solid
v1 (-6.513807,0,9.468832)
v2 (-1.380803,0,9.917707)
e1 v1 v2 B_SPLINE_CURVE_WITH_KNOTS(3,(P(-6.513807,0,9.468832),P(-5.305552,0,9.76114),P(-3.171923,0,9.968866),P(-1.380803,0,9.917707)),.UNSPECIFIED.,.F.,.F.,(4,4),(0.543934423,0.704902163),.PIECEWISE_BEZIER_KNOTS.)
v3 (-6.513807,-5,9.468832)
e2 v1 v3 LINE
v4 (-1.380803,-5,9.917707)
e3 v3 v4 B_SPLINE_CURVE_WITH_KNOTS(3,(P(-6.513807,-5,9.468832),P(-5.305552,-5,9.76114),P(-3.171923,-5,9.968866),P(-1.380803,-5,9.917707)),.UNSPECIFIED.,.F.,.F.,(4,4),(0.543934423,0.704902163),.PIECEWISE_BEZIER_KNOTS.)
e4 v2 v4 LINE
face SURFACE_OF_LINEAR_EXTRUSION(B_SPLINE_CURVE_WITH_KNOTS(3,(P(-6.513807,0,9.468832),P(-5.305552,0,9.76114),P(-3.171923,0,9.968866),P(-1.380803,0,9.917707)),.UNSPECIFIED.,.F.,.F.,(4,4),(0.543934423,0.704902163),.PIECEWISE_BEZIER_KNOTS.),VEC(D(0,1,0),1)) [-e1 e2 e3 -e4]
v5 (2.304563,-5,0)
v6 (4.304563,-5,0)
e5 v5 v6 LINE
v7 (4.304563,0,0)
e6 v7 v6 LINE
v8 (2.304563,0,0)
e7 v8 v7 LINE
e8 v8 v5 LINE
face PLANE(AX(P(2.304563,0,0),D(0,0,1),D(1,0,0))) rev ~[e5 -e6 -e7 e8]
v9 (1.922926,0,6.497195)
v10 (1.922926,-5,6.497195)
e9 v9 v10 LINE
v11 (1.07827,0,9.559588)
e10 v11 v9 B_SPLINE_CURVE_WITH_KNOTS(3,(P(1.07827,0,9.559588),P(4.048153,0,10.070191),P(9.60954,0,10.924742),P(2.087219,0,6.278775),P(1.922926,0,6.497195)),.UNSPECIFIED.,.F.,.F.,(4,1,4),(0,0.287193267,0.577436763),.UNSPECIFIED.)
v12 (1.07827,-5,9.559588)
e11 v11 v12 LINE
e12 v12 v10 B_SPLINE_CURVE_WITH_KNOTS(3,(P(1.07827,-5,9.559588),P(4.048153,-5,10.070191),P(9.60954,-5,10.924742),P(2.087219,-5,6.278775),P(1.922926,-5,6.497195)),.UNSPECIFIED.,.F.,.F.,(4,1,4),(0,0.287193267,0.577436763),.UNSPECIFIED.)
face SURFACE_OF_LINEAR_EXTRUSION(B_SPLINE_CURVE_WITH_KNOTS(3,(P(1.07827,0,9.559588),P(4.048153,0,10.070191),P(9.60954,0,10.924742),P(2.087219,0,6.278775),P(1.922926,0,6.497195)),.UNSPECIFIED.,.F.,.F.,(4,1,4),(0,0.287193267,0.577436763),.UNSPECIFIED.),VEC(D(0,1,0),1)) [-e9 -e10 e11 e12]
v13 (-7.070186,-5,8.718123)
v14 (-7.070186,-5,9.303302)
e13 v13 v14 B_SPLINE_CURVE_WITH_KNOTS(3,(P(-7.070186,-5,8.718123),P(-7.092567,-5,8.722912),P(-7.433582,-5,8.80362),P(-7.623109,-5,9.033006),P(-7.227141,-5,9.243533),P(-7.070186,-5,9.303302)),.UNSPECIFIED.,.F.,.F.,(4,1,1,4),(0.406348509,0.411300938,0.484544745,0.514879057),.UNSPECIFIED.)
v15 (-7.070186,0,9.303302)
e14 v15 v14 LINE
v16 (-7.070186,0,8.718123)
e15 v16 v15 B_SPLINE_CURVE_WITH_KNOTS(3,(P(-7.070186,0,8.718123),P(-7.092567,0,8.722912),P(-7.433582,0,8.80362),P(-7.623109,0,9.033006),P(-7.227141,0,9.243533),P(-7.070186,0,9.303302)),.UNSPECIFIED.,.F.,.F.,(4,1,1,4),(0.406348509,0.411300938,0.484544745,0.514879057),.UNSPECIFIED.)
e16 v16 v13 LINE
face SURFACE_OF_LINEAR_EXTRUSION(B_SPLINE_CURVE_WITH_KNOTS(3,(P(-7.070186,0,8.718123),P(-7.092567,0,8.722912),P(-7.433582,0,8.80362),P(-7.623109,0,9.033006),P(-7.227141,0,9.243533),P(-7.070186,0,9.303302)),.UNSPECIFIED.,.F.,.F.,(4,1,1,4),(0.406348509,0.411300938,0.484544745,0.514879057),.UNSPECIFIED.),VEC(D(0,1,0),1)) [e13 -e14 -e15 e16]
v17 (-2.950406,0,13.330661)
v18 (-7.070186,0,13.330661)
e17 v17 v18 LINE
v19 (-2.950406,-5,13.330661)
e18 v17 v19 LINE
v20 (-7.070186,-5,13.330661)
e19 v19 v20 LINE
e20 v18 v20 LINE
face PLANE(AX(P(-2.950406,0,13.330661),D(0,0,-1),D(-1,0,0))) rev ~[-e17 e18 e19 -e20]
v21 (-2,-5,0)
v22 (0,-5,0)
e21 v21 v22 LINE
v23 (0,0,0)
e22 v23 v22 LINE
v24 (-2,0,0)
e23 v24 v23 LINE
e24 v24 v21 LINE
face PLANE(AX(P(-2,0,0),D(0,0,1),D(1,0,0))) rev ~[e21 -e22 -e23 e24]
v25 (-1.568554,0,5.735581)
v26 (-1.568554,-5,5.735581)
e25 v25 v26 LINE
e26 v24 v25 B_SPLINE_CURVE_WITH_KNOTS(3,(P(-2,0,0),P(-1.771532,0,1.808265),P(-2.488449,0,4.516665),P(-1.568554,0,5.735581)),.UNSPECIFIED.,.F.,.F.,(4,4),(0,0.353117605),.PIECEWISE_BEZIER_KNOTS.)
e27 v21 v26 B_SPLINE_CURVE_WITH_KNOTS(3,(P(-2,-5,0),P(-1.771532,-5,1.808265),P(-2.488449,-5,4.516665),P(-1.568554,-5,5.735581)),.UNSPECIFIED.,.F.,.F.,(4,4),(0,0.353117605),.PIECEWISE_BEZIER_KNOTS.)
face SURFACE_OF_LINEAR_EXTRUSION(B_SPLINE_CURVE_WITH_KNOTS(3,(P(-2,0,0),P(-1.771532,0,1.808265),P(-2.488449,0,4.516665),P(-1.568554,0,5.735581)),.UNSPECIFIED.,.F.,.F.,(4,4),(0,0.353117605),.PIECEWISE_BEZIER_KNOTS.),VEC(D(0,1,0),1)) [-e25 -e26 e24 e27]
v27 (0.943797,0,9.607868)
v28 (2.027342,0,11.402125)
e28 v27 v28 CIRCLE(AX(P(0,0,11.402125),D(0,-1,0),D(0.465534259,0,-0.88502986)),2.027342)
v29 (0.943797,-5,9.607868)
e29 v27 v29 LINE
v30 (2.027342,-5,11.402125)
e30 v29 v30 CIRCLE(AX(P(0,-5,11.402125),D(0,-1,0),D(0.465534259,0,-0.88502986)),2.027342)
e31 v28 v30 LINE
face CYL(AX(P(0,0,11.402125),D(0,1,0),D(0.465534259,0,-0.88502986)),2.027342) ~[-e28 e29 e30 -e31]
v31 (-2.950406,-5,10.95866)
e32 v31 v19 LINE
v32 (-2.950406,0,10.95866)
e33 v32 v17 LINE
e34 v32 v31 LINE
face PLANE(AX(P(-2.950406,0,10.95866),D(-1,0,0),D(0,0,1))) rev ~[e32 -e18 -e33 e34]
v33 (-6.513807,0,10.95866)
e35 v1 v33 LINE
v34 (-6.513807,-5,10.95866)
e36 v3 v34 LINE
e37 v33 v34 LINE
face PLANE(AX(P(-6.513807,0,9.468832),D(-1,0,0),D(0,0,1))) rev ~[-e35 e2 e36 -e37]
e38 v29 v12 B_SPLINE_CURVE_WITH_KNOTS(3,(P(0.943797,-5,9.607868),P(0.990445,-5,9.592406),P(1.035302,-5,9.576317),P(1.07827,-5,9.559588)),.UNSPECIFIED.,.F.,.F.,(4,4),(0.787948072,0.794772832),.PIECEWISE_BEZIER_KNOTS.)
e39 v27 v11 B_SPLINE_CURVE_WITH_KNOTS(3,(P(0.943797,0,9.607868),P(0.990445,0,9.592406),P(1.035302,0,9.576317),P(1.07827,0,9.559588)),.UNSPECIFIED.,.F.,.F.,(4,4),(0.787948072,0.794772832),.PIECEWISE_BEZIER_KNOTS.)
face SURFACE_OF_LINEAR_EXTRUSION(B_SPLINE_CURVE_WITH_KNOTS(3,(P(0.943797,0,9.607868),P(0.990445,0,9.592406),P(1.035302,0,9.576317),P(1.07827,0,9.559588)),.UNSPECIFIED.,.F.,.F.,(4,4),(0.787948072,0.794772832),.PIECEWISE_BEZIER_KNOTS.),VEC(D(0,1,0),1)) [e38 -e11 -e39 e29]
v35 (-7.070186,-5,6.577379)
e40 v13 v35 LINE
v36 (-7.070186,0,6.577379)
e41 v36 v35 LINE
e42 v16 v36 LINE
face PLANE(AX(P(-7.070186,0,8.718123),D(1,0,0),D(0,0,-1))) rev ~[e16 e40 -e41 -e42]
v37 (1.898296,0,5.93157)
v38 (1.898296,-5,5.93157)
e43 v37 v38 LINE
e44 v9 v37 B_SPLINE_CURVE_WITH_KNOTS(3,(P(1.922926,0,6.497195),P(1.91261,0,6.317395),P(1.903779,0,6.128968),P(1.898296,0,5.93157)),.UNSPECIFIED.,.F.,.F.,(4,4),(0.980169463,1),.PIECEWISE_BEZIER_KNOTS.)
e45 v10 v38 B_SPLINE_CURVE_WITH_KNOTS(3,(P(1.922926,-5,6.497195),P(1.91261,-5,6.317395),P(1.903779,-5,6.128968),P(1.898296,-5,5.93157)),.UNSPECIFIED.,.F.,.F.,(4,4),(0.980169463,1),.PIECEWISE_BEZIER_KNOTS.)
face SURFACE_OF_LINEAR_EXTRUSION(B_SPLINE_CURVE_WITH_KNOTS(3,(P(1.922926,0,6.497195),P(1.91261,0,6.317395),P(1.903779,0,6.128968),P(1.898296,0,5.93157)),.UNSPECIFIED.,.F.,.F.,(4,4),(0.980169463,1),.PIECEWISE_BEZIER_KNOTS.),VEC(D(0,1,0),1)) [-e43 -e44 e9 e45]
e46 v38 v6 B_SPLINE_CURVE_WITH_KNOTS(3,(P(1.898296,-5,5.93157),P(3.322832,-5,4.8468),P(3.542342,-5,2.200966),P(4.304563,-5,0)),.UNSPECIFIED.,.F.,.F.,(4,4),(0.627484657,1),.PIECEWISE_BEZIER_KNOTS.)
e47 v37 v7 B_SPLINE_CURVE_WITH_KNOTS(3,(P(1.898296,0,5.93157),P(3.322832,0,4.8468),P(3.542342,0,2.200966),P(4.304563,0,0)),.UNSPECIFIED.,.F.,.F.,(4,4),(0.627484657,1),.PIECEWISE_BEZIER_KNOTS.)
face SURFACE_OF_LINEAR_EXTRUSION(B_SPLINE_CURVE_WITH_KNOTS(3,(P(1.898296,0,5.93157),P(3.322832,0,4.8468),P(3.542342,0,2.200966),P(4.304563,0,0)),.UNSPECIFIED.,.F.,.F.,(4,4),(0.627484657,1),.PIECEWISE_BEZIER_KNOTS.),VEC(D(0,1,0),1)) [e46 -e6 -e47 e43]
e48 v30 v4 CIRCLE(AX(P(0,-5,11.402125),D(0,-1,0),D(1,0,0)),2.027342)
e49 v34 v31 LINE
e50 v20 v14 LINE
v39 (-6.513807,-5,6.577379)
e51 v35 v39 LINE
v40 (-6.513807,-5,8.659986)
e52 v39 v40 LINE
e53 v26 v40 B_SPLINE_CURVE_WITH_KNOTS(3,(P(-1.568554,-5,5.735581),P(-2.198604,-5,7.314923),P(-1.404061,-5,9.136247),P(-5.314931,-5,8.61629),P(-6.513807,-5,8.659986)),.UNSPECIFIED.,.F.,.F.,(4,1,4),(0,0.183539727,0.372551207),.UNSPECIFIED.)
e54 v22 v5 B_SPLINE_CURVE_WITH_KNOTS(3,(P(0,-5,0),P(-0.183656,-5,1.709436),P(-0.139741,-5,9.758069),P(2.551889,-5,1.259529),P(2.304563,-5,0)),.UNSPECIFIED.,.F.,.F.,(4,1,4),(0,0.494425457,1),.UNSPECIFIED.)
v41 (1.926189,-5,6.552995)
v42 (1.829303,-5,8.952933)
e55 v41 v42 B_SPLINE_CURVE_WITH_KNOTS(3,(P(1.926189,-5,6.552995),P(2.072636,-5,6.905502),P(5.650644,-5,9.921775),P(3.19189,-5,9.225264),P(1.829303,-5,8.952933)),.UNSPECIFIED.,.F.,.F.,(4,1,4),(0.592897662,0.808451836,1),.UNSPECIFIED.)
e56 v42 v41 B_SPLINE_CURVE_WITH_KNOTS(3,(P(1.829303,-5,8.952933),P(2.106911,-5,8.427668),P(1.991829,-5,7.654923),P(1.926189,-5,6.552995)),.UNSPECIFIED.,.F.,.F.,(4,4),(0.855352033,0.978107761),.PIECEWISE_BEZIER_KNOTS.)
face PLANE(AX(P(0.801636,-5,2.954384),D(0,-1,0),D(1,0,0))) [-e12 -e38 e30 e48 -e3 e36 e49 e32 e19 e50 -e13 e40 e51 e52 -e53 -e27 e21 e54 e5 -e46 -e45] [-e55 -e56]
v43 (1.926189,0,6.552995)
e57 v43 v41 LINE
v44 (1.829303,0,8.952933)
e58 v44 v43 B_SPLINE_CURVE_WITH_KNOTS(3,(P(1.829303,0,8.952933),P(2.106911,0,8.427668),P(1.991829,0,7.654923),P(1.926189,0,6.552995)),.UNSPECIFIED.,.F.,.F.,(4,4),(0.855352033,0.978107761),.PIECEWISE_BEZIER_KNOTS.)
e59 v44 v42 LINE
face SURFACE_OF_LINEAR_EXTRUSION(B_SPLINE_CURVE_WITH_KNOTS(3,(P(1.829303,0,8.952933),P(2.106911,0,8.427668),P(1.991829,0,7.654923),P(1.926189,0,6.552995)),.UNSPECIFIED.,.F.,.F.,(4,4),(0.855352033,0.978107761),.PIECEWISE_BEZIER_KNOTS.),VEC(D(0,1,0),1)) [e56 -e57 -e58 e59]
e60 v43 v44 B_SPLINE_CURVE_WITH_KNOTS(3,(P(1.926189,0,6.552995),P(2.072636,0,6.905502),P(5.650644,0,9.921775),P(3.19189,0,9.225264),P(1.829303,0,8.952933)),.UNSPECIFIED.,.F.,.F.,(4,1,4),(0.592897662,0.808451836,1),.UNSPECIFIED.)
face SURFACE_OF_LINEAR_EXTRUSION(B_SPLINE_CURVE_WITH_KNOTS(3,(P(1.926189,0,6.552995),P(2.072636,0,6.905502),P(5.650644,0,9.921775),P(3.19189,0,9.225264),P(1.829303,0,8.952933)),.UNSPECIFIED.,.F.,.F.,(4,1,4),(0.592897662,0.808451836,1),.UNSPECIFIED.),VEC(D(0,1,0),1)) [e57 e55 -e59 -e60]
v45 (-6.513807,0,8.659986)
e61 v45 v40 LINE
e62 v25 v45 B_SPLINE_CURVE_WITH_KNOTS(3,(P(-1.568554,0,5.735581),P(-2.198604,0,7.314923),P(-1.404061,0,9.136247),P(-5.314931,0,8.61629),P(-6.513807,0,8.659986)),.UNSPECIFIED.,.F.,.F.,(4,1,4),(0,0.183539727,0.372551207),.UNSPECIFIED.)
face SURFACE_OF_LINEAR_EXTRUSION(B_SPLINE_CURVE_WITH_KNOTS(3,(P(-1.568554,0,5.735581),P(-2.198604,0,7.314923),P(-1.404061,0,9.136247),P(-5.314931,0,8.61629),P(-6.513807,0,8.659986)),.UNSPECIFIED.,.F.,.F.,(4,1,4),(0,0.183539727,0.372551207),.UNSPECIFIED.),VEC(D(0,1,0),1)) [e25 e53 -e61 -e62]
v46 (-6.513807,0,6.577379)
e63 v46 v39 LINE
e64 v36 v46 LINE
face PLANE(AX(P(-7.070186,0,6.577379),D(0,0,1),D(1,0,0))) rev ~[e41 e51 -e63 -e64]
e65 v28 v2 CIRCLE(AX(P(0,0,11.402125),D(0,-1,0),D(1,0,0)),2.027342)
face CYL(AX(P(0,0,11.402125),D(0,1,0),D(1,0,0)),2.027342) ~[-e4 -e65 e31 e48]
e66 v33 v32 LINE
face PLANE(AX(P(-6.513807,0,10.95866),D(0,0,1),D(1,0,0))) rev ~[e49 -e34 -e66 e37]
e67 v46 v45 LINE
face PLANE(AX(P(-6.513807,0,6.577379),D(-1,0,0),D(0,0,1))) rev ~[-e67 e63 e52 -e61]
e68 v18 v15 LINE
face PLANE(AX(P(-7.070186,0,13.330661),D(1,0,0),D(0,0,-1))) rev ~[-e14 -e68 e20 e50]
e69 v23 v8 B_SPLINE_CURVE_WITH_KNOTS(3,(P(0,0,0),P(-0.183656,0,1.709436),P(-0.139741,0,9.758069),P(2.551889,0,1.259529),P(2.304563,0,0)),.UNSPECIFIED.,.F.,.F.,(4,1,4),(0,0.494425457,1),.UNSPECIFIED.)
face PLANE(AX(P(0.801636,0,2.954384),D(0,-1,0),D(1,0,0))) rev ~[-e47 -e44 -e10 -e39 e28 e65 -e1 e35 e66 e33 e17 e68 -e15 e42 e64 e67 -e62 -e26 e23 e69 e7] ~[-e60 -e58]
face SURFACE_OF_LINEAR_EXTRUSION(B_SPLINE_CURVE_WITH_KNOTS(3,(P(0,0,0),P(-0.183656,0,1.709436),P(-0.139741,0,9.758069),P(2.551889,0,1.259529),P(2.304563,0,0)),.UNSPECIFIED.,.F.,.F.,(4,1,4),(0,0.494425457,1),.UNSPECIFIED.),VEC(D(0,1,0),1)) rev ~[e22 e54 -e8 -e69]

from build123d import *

# Parameters (mm, degrees)
F0_W     = 3.5634012893
F0_H     = 2.3720003664
F1_DEPTH = 5


with BuildPart() as f1:
    # F0 (on Front) → F1 (new body)
    with BuildSketch(Plane.XZ):
        with BuildLine():
            Line((-2, 0), (0, 0))
            add(Edge.make_bspline(
                [(0, 0), (-0.1836561132, 1.7094361829), (-0.1397413061, 9.7580692578), (2.5518890591, 1.2595293557), (2.3045632429, 0)],
                knots=[0, 0, 0, 0, 0.4944254575, 1, 1, 1, 1], degree=3))
            Line((2.3045632429, 0), (4.3045632429, 0))
            add(Edge.make_bspline(
                [(1.898295837, 5.931569832), (3.3228321005, 4.8468001157), (3.5423423469, 2.2009662159), (4.3045632429, 0)],
                knots=[0.627484657, 0.627484657, 0.627484657, 0.627484657, 1, 1, 1, 1], degree=3))
            add(Edge.make_bspline(
                [(-1.5685537924, 5.7355813877), (-0.8538090003, 6.6826607519), (0.8490885432, 6.7305303973), (1.898295837, 5.931569832)],
                knots=[0.3531176051, 0.3531176051, 0.3531176051, 0.3531176051, 0.627484657, 0.627484657, 0.627484657, 0.627484657], degree=3))
            add(Edge.make_bspline(
                [(-2, 0), (-1.77153203, 1.8082654117), (-2.4884491206, 4.5166653604), (-1.5685537924, 5.7355813877)],
                knots=[0, 0, 0, 0, 0.3531176051, 0.3531176051, 0.3531176051, 0.3531176051], degree=3))
        make_face()
        with BuildLine():
            add(Edge.make_bspline(
                [(-1.5685537924, 5.7355813877), (-2.1986037273, 7.3149230589), (-1.4040608509, 9.1362467506), (-5.3149314083, 8.6162903235), (-6.5138074569, 8.659985655)],
                knots=[0, 0, 0, 0, 0.1835397267, 0.372551207, 0.372551207, 0.372551207, 0.372551207], degree=3))
            add(Edge.make_bspline(
                [(-1.5685537924, 5.7355813877), (-0.8538090003, 6.6826607519), (0.8490885432, 6.7305303973), (1.898295837, 5.931569832)],
                knots=[0.3531176051, 0.3531176051, 0.3531176051, 0.3531176051, 0.627484657, 0.627484657, 0.627484657, 0.627484657], degree=3))
            add(Edge.make_bspline(
                [(1.9229257877, 6.4971952265), (1.9126104325, 6.3173946518), (1.903779138, 6.1289676696), (1.898295837, 5.931569832)],
                knots=[0.9801694628, 0.9801694628, 0.9801694628, 0.9801694628, 1, 1, 1, 1], degree=3))
            add(Edge.make_bspline(
                [(1.9229257877, 6.4971952265), (1.9141740763, 6.5088301842), (1.9156850526, 6.5277113359), (1.9261891554, 6.5529953329)],
                knots=[0.577436763, 0.577436763, 0.577436763, 0.577436763, 0.5928976619, 0.5928976619, 0.5928976619, 0.5928976619], degree=3))
            add(Edge.make_bspline(
                [(1.8293032252, 8.9529328765), (2.1069112235, 8.4276675068), (1.9918291417, 7.6549231128), (1.9261891554, 6.5529953329)],
                knots=[0.8553520328, 0.8553520328, 0.8553520328, 0.8553520328, 0.978107761, 0.978107761, 0.978107761, 0.978107761], degree=3))
            add(Edge.make_bspline(
                [(1.0782698656, 9.5595878301), (1.4596732733, 9.4110932651), (1.6923053765, 9.2121481228), (1.8293032252, 8.9529328765)],
                knots=[0.7947728319, 0.7947728319, 0.7947728319, 0.7947728319, 0.8553520328, 0.8553520328, 0.8553520328, 0.8553520328], degree=3))
            add(Edge.make_bspline(
                [(0.9437969367, 9.6078676818), (0.9904450196, 9.5924058566), (1.0353015402, 9.576317001), (1.0782698656, 9.5595878301)],
                knots=[0.7879480717, 0.7879480717, 0.7879480717, 0.7879480717, 0.7947728319, 0.7947728319, 0.7947728319, 0.7947728319], degree=3))
            ThreePointArc((0.9437969367, 9.6078676818), (-0.2678500801, 9.3925558637), (-1.3808027632, 9.9177072682))
            add(Edge.make_bspline(
                [(-6.5138074569, 9.4688323455), (-5.3055520235, 9.7611397753), (-3.1719225069, 9.9688662745), (-1.3808027632, 9.9177072682)],
                knots=[0.5439344229, 0.5439344229, 0.5439344229, 0.5439344229, 0.7049021627, 0.7049021627, 0.7049021627, 0.7049021627], degree=3))
            Line((-6.5138074569, 9.4688323455), (-6.5138074569, 8.659985655))
        make_face()
        with BuildLine():
            Line((-6.5138074569, 6.5773790702), (-6.5138074569, 8.659985655))
            add(Edge.make_bspline(
                [(-6.5138074569, 8.659985655), (-6.7281794928, 8.667798854), (-6.9174435476, 8.6854435894), (-7.0701856166, 8.7181232441)],
                knots=[0.372551207, 0.372551207, 0.372551207, 0.372551207, 0.4063485089, 0.4063485089, 0.4063485089, 0.4063485089], degree=3))
            Line((-7.0701856166, 8.7181232441), (-7.0701856166, 6.5773790702))
            Line((-7.0701856166, 6.5773790702), (-6.5138074569, 6.5773790702))
        make_face()
        with BuildLine():
            add(Edge.make_bspline(
                [(-6.5138074569, 8.659985655), (-6.7281794928, 8.667798854), (-6.9174435476, 8.6854435894), (-7.0701856166, 8.7181232441)],
                knots=[0.372551207, 0.372551207, 0.372551207, 0.372551207, 0.4063485089, 0.4063485089, 0.4063485089, 0.4063485089], degree=3))
            Line((-6.5138074569, 8.659985655), (-6.5138074569, 9.4688323455))
            add(Edge.make_bspline(
                [(-7.0701856166, 9.3033018375), (-6.9198476576, 9.360551064), (-6.7319027313, 9.416069604), (-6.5138074569, 9.4688323455)],
                knots=[0.5148790573, 0.5148790573, 0.5148790573, 0.5148790573, 0.5439344229, 0.5439344229, 0.5439344229, 0.5439344229], degree=3))
            Line((-7.0701856166, 9.3033018375), (-7.0701856166, 8.7181232441))
        make_face()
        with BuildLine():
            add(Edge.make_bspline(
                [(1.9229257877, 6.4971952265), (1.9141740763, 6.5088301842), (1.9156850526, 6.5277113359), (1.9261891554, 6.5529953329)],
                knots=[0.577436763, 0.577436763, 0.577436763, 0.577436763, 0.5928976619, 0.5928976619, 0.5928976619, 0.5928976619], degree=3))
            add(Edge.make_bspline(
                [(1.9261891554, 6.5529953329), (1.9250867215, 6.5344882817), (1.923998234, 6.5158883752), (1.9229257877, 6.4971952265)],
                knots=[0.978107761, 0.978107761, 0.978107761, 0.978107761, 0.9801694628, 0.9801694628, 0.9801694628, 0.9801694628], degree=3))
        make_face()
        with BuildLine():
            add(Edge.make_bspline(
                [(1.9261891554, 6.5529953329), (1.9250867215, 6.5344882817), (1.923998234, 6.5158883752), (1.9229257877, 6.4971952265)],
                knots=[0.978107761, 0.978107761, 0.978107761, 0.978107761, 0.9801694628, 0.9801694628, 0.9801694628, 0.9801694628], degree=3))
            add(Edge.make_bspline(
                [(1.0782698656, 9.5595878301), (4.0481531599, 10.0701912701), (9.609540077, 10.9247415729), (2.0872194249, 6.2787751448), (1.9229257877, 6.4971952265)],
                knots=[0, 0, 0, 0, 0.2871932674, 0.577436763, 0.577436763, 0.577436763, 0.577436763], degree=3))
            add(Edge.make_bspline(
                [(1.0782698656, 9.5595878301), (1.4596732733, 9.4110932651), (1.6923053765, 9.2121481228), (1.8293032252, 8.9529328765)],
                knots=[0.7947728319, 0.7947728319, 0.7947728319, 0.7947728319, 0.8553520328, 0.8553520328, 0.8553520328, 0.8553520328], degree=3))
            add(Edge.make_bspline(
                [(1.9261891554, 6.5529953329), (2.0726362175, 6.9055020769), (5.6506443881, 9.9217752461), (3.1918898004, 9.2252642405), (1.8293032252, 8.9529328765)],
                knots=[0.5928976619, 0.5928976619, 0.5928976619, 0.5928976619, 0.8084518359, 1, 1, 1, 1], degree=3))
        make_face()
        with BuildLine():
            add(Edge.make_bspline(
                [(-7.0701856166, 8.7181232441), (-7.0925674088, 8.7229119002), (-7.4335820034, 8.8036195657), (-7.6231094084, 9.0330063205), (-7.2271410881, 9.2435326388), (-7.0701856166, 9.3033018375)],
                knots=[0.4063485089, 0.4063485089, 0.4063485089, 0.4063485089, 0.4113009375, 0.4845447449, 0.5148790573, 0.5148790573, 0.5148790573, 0.5148790573], degree=3))
            Line((-7.0701856166, 8.7181232441), (-7.0701856166, 9.3033018375))
        make_face()
        with BuildLine():
            add(Edge.make_bspline(
                [(-7.0701856166, 9.3033018375), (-6.9198476576, 9.360551064), (-6.7319027313, 9.416069604), (-6.5138074569, 9.4688323455)],
                knots=[0.5148790573, 0.5148790573, 0.5148790573, 0.5148790573, 0.5439344229, 0.5439344229, 0.5439344229, 0.5439344229], degree=3))
            Line((-6.5138074569, 9.4688323455), (-6.5138074569, 10.958660394))
            Line((-6.5138074569, 10.958660394), (-6.5138074569, 13.3306607604))
            Line((-6.5138074569, 13.3306607604), (-7.0701856166, 13.3306607604))
            Line((-7.0701856166, 13.3306607604), (-7.0701856166, 9.3033018375))
        make_face()
        with BuildLine():
            ThreePointArc((2.0273415276, 11.4021254703), (-0.8095538544, 13.2608175444), (-1.3808027632, 9.9177072682))
            add(Edge.make_bspline(
                [(-1.3808027632, 9.9177072682), (-0.4567345775, 9.891313494), (0.376167847, 9.796012214), (0.9437969367, 9.6078676818)],
                knots=[0.7049021627, 0.7049021627, 0.7049021627, 0.7049021627, 0.7879480717, 0.7879480717, 0.7879480717, 0.7879480717], degree=3))
            ThreePointArc((0.9437969367, 9.6078676818), (1.7354412109, 10.3540999587), (2.0273415276, 11.4021254703))
        make_face()
        with BuildLine():
            add(Edge.make_bspline(
                [(-1.3808027632, 9.9177072682), (-0.4567345775, 9.891313494), (0.376167847, 9.796012214), (0.9437969367, 9.6078676818)],
                knots=[0.7049021627, 0.7049021627, 0.7049021627, 0.7049021627, 0.7879480717, 0.7879480717, 0.7879480717, 0.7879480717], degree=3))
            ThreePointArc((-1.3808027632, 9.9177072682), (-0.2678500801, 9.3925558637), (0.9437969367, 9.6078676818))
        make_face()
        with Locations((-4.7321068123, 12.1446605772)):
            Rectangle(F0_W, F0_H)
    extrude(amount=F1_DEPTH)


solid = f1.part
